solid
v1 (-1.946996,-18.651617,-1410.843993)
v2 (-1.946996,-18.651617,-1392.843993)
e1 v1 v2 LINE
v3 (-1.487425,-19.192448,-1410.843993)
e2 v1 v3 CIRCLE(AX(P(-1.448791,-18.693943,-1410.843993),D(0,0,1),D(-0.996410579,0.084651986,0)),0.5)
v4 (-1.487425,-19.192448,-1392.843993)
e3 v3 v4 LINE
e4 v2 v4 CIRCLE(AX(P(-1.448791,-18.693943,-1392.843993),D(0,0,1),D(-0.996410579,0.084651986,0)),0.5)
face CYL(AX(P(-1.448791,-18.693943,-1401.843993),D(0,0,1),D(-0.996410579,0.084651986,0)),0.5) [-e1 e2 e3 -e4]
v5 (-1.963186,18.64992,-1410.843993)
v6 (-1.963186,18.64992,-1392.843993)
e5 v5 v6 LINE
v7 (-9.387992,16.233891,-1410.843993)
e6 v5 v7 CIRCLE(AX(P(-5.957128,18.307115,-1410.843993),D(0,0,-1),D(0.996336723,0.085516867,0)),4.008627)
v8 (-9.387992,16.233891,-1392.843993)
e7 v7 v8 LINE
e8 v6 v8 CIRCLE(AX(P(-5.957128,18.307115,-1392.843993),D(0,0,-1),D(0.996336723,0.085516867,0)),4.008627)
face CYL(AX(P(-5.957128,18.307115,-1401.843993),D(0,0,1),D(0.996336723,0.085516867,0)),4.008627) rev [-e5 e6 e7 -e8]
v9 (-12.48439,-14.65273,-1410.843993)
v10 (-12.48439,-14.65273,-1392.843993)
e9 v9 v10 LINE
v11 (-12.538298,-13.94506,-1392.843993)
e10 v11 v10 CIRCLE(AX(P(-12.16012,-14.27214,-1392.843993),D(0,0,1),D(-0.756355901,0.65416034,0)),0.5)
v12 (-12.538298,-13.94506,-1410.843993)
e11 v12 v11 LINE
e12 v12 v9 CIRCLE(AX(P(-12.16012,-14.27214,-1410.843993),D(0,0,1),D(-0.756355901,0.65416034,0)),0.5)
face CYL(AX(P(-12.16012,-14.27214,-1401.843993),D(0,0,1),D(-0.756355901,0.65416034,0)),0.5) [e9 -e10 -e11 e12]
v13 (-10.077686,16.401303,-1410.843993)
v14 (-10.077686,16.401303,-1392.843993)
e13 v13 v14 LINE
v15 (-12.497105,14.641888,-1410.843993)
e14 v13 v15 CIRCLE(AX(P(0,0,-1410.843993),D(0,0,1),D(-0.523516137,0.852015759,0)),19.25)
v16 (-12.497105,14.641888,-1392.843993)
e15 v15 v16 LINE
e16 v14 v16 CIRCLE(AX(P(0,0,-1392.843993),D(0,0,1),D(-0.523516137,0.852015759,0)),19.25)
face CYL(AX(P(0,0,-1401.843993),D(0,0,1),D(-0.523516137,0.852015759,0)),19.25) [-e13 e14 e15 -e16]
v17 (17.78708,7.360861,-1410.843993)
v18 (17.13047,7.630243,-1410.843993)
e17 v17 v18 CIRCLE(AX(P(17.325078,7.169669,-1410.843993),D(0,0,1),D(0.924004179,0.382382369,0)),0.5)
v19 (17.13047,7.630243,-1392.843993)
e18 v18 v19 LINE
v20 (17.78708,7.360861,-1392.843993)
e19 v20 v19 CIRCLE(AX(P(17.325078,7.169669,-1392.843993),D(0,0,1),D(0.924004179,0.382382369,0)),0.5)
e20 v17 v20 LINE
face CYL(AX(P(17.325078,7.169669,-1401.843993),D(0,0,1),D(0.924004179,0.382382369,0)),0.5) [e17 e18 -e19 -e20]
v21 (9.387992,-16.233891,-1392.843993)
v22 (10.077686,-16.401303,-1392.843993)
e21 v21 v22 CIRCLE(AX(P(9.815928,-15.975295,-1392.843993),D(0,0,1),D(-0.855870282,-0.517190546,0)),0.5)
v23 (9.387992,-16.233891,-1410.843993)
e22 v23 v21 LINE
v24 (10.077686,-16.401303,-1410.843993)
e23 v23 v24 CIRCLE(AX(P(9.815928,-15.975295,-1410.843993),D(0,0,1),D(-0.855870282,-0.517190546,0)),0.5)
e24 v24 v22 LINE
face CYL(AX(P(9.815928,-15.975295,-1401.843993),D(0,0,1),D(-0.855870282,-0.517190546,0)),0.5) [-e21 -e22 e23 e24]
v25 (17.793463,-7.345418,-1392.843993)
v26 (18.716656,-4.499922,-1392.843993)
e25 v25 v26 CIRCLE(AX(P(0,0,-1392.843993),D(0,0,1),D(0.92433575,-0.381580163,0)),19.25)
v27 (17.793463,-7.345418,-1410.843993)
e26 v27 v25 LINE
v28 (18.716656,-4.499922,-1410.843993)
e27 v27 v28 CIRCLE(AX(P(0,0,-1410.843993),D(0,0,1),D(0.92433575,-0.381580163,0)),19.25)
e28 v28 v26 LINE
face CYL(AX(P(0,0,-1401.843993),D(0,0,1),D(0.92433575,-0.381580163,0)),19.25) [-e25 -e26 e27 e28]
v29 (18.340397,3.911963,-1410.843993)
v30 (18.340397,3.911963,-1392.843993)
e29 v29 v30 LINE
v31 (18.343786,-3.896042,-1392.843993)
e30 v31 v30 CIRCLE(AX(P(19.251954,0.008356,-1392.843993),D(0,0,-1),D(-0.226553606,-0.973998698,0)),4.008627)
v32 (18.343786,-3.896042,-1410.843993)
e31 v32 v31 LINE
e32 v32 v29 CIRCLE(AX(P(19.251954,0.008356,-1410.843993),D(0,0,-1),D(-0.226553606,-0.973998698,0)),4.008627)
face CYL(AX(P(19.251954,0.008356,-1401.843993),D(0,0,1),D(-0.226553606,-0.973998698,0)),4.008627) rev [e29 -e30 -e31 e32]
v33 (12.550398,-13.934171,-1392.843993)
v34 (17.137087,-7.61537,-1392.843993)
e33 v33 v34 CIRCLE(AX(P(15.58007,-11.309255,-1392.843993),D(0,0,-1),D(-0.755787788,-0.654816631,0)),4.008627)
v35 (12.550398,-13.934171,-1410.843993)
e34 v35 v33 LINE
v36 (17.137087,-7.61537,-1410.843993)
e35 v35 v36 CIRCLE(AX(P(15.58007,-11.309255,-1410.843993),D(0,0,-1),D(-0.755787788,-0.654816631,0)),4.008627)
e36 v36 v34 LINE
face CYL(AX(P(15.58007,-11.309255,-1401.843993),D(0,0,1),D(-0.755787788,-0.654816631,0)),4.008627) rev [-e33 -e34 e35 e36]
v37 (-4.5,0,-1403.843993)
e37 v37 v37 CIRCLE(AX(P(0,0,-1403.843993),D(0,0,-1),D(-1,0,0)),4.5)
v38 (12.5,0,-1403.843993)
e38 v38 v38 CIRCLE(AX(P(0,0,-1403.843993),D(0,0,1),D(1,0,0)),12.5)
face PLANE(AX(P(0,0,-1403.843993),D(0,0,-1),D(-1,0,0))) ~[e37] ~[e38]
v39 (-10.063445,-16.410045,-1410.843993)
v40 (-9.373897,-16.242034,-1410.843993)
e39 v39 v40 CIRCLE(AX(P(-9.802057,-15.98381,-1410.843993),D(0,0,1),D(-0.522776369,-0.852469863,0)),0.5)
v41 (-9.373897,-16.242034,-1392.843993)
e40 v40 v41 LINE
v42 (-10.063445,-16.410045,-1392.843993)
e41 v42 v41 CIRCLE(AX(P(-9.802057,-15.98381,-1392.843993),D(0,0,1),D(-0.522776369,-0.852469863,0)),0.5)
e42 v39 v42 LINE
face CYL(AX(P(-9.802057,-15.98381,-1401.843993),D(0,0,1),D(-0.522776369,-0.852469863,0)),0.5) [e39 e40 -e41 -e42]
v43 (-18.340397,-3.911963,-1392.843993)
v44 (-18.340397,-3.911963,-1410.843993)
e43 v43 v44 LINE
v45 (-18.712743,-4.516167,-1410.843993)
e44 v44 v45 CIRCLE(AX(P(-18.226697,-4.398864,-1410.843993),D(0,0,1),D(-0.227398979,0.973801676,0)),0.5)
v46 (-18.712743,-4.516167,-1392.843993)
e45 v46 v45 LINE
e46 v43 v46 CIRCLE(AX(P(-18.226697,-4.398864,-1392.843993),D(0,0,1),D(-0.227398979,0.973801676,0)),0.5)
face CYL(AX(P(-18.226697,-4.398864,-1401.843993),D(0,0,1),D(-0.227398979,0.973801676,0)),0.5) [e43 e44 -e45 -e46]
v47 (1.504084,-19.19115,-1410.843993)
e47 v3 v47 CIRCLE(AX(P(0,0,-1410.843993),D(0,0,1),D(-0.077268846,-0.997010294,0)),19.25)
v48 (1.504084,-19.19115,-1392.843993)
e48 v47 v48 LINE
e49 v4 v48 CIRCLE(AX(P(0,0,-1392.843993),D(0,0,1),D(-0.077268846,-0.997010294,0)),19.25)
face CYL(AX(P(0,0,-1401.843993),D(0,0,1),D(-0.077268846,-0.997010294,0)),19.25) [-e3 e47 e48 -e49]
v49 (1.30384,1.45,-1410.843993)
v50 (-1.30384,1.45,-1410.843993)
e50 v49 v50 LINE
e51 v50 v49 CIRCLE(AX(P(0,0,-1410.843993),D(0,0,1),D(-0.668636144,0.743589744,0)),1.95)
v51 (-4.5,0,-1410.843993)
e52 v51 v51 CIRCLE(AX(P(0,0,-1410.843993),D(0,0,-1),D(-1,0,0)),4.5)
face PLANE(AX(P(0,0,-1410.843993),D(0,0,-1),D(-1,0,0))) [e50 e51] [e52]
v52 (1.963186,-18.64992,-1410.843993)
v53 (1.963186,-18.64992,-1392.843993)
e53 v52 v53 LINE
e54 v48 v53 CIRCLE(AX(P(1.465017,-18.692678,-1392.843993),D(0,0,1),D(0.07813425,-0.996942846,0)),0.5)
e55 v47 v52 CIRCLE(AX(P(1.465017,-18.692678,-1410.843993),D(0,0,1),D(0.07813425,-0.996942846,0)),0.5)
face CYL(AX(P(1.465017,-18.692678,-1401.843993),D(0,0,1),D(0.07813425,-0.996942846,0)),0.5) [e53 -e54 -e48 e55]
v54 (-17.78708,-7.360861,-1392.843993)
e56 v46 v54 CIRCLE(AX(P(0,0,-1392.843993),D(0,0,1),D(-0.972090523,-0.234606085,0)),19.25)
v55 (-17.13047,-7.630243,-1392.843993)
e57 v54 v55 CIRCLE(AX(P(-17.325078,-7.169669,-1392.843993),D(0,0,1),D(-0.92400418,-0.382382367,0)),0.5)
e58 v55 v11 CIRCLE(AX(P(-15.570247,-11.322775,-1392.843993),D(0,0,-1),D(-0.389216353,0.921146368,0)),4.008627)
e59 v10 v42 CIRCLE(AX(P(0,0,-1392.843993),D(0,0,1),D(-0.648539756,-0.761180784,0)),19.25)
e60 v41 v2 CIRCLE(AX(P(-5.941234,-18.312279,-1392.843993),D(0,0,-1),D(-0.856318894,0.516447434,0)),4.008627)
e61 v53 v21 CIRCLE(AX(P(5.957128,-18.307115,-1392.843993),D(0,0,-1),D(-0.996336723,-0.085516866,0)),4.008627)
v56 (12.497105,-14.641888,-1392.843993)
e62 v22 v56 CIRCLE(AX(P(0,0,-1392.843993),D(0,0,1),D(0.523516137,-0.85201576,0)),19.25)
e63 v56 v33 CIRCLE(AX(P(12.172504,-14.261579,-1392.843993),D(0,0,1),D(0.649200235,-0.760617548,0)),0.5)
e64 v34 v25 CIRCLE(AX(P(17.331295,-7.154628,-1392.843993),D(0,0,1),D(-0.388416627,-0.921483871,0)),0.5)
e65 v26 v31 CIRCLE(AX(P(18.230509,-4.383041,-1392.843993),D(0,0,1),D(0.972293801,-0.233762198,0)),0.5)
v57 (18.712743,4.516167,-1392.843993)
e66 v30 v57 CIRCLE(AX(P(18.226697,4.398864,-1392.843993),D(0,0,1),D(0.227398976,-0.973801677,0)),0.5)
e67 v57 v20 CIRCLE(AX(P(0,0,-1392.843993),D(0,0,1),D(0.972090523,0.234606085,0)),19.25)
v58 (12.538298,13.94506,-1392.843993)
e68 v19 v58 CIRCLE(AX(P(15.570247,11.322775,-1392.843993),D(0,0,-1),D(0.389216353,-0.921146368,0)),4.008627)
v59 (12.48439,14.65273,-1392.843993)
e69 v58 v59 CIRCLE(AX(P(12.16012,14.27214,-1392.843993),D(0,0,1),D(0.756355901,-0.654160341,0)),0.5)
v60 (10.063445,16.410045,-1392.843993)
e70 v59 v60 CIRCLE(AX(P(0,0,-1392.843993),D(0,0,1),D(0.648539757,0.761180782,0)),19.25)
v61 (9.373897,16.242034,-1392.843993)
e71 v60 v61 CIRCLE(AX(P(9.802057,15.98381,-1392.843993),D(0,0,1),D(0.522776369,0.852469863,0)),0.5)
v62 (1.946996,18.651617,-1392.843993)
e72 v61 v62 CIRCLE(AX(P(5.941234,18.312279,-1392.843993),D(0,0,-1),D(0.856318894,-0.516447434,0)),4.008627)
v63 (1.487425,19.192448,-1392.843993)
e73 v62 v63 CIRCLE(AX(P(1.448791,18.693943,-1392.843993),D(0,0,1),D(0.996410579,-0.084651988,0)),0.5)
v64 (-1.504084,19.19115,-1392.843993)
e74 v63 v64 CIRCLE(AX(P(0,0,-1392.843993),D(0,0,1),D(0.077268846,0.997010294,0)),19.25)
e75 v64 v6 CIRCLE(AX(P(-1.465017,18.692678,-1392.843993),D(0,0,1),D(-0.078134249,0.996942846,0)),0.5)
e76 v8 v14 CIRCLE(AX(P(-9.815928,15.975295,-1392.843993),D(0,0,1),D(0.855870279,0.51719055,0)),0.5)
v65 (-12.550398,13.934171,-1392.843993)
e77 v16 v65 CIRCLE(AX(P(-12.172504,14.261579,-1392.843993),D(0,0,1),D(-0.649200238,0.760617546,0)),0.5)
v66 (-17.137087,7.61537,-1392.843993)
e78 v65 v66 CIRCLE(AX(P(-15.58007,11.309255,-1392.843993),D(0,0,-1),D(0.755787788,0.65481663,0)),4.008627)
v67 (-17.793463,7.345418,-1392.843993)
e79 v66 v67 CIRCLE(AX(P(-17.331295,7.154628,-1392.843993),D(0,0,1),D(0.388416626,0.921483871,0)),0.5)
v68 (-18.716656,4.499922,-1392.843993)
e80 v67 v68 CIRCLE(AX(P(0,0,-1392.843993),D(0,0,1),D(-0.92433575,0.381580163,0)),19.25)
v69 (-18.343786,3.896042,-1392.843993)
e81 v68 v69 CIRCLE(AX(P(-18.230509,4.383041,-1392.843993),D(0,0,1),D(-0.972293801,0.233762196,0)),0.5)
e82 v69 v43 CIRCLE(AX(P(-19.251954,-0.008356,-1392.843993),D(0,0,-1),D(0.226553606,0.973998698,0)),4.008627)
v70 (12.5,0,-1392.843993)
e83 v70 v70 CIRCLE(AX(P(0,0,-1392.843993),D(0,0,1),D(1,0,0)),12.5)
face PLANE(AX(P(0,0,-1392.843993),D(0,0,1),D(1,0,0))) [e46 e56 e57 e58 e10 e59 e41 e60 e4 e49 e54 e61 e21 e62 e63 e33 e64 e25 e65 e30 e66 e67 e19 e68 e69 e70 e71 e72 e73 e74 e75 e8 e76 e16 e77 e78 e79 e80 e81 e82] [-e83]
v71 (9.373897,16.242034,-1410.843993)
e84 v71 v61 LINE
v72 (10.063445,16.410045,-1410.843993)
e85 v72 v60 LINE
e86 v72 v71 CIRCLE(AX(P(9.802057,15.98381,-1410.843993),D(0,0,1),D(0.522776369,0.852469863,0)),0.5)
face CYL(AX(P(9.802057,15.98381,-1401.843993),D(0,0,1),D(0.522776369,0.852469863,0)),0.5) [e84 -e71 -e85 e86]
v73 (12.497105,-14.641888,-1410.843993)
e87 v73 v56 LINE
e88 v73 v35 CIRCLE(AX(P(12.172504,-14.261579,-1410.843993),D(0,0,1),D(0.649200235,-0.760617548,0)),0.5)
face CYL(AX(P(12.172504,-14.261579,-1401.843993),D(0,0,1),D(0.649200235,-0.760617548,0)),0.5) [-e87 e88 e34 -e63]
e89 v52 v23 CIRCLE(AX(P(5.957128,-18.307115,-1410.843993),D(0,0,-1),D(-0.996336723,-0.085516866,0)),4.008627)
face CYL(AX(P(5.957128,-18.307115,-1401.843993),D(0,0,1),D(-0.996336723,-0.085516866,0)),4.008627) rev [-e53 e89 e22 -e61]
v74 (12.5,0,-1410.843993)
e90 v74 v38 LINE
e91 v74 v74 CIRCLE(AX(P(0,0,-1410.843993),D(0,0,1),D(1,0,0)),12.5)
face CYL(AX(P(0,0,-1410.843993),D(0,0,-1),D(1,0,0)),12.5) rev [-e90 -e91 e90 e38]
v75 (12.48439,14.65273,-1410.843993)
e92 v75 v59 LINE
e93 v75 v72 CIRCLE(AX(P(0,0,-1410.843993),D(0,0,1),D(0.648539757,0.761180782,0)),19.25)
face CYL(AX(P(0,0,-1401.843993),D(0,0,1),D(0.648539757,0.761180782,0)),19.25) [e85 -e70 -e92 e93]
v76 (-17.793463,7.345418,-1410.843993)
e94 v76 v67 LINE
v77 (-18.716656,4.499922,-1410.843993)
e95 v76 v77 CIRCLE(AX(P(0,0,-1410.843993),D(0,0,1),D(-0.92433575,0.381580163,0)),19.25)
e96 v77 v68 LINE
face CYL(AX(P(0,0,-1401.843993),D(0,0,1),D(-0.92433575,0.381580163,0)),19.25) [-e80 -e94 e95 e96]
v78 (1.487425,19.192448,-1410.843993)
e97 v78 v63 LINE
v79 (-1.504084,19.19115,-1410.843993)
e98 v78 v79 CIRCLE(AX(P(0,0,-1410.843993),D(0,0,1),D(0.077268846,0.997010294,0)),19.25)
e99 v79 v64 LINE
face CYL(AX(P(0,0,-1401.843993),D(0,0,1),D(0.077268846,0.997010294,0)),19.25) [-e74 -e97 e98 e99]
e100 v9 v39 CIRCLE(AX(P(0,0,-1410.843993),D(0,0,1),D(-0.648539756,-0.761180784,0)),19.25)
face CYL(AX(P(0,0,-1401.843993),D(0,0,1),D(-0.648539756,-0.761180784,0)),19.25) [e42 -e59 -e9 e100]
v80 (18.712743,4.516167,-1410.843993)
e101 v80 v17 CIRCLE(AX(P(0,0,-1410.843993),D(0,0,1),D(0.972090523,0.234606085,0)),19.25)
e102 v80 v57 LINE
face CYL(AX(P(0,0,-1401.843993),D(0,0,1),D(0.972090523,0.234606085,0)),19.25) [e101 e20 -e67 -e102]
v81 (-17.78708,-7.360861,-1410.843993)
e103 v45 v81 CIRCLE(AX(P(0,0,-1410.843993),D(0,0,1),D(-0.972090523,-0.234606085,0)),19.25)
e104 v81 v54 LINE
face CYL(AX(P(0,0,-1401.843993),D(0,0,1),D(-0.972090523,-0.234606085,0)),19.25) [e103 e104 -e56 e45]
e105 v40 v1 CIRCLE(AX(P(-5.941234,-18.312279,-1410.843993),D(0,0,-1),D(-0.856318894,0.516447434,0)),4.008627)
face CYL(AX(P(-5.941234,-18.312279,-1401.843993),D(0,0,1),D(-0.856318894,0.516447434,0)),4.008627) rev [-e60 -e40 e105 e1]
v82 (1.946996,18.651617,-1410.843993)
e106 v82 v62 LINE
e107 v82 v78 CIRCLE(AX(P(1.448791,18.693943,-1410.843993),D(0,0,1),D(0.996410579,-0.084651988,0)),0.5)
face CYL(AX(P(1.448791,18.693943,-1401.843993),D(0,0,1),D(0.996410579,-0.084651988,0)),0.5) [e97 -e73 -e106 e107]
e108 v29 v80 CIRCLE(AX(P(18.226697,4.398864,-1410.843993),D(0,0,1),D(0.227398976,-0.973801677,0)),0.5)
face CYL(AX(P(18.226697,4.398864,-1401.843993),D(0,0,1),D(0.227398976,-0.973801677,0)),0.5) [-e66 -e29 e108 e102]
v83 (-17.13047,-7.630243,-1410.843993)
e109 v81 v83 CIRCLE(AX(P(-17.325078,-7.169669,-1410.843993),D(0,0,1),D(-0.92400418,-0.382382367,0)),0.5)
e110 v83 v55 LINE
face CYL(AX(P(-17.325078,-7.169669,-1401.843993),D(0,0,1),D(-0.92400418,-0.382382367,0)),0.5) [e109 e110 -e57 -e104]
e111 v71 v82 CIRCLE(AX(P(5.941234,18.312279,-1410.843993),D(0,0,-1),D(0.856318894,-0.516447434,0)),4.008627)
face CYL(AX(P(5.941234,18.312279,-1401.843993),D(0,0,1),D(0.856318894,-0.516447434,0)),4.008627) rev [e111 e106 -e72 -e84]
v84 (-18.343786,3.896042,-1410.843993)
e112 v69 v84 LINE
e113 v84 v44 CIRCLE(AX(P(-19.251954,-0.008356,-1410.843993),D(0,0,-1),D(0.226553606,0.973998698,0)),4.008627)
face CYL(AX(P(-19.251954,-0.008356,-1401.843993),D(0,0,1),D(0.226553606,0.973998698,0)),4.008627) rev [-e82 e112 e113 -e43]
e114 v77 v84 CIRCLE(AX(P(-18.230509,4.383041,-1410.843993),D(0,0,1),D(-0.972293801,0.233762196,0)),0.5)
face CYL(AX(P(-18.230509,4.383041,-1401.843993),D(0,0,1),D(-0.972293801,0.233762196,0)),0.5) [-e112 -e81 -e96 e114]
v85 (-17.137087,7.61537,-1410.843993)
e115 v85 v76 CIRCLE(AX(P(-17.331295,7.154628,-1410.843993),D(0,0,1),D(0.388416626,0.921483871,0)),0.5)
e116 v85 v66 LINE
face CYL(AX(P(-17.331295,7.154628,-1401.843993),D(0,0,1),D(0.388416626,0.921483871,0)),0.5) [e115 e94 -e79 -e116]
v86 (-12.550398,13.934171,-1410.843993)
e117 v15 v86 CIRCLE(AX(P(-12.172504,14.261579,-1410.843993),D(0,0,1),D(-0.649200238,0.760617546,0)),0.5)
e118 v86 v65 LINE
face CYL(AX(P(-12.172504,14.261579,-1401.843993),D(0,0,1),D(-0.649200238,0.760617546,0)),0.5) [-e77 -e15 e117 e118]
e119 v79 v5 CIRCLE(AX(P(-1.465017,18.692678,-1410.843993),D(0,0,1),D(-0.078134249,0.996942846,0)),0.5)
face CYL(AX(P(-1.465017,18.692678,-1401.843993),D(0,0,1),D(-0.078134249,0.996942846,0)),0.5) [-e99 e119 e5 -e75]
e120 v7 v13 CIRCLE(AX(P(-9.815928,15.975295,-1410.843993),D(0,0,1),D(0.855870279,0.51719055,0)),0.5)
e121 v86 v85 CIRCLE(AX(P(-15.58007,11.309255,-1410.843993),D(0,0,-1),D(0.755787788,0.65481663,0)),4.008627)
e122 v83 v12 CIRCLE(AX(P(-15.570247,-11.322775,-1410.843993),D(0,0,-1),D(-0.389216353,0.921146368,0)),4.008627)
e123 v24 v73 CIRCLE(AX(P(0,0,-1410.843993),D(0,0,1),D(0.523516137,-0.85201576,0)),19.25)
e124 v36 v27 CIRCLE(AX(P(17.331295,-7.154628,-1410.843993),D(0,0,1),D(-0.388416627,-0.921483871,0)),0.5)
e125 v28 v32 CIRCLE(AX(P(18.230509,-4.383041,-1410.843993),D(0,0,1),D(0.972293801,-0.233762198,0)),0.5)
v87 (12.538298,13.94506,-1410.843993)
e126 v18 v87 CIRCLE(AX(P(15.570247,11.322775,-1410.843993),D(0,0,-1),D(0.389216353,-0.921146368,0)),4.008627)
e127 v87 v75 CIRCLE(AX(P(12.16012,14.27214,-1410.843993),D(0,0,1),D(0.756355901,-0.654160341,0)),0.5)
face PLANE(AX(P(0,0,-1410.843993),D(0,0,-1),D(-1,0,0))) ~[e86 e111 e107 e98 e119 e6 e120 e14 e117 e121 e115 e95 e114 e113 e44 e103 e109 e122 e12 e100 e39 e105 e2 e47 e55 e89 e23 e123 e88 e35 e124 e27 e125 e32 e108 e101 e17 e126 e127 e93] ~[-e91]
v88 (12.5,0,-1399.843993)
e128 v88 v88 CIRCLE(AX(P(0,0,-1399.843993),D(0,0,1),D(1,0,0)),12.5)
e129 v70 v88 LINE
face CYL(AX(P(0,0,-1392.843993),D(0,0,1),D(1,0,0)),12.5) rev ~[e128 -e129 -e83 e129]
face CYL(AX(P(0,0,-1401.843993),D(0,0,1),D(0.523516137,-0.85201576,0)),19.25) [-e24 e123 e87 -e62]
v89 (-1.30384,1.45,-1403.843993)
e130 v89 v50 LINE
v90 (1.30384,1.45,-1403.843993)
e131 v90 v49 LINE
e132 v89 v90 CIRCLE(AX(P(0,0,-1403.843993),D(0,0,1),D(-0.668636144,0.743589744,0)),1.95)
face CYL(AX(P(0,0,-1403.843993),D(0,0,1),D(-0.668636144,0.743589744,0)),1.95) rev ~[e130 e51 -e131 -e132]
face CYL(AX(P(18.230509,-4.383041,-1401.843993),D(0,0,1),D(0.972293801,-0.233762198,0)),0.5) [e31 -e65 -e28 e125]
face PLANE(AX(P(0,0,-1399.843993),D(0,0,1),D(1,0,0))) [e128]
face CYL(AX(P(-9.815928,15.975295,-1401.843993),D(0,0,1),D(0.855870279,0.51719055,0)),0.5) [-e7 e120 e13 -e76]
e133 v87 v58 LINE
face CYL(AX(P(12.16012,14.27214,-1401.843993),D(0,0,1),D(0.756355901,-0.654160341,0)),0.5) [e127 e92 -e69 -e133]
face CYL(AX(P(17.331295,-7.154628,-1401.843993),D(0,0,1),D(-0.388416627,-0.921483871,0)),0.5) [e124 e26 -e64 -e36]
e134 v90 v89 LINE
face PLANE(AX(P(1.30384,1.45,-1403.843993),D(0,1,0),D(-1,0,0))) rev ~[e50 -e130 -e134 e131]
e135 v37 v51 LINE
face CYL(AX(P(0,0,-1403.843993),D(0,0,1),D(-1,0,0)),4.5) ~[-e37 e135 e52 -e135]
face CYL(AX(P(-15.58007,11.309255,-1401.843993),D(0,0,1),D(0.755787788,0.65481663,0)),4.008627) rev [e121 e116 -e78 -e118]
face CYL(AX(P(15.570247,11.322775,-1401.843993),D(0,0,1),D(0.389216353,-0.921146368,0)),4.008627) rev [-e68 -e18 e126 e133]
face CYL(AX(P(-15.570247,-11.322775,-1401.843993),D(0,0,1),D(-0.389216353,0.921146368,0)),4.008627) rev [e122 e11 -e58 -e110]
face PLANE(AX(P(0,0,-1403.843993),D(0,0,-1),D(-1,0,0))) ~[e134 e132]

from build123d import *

# Parameters (mm, degrees)
SPROKET_DEPTH       = 9
SKETCH3_R           = 12.5
CUT_EXTRUDE1_DEPTH  = 7
SKETCH4_R           = 4.5
BOSS_EXTRUDE1_DEPTH = 7


with BuildPart() as part:
    # Sprocket → Sproket (new body)
    with BuildSketch(Plane(origin=(-521.333895642, -864.335014518, -1401.843992528), x_dir=(1, 0, 0), z_dir=(0, 0, 1))):
        with BuildLine():
            ThreePointArc((502.621153074, 859.818847383), (503.02864119, 858.378492088), (503.546815178, 856.974153932))
            ThreePointArc((503.546815178, 856.974153932), (503.819037022, 856.702761655), (504.203425444, 856.704771932))
            ThreePointArc((504.203425444, 856.704771932), (509.005673001, 855.369858884), (508.795597259, 850.389955006))
            ThreePointArc((508.795597259, 850.389955006), (508.675219652, 850.024896474), (508.849505331, 849.682284445))
            ThreePointArc((508.849505331, 849.682284445), (510.025789743, 848.756528039), (511.270450563, 847.924969632))
            ThreePointArc((511.270450563, 847.924969632), (511.650203039, 847.865416653), (511.959998194, 848.092980848))
            ThreePointArc((511.959998194, 848.092980848), (516.629740281, 849.835703798), (519.386899492, 845.683397507))
            ThreePointArc((519.386899492, 845.683397507), (519.504087984, 845.317302769), (519.846470359, 845.142566367))
            ThreePointArc((519.846470359, 845.142566367), (521.342250401, 845.085016331), (522.837979924, 845.143864722))
            ThreePointArc((522.837979924, 845.143864722), (523.180210493, 845.318898255), (523.297081161, 845.685094579))
            ThreePointArc((523.297081161, 845.685094579), (526.05063502, 849.839792593), (530.721888079, 848.101123761))
            ThreePointArc((530.721888079, 848.101123761), (531.031880649, 847.873828563), (531.411581288, 847.933711155))
            ThreePointArc((531.411581288, 847.933711155), (532.655519825, 848.766349647), (533.831000211, 849.693126751))
            ThreePointArc((533.831000211, 849.693126751), (534.004988429, 850.035889936), (533.884293987, 850.400843839))
            ThreePointArc((533.884293987, 850.400843839), (533.669895633, 855.380563489), (538.470982641, 856.719644514))
            ThreePointArc((538.470982641, 856.719644514), (538.855372663, 856.717967897), (539.127358829, 856.989596368))
            ThreePointArc((539.127358829, 856.989596368), (539.644313618, 858.394383784), (540.050551314, 859.835092247))
            ThreePointArc((540.050551314, 859.835092247), (539.989839594, 860.214661197), (539.677681217, 860.438972694))
            ThreePointArc((539.677681217, 860.438972694), (536.577223534, 864.341630328), (539.674292437, 868.246977772))
            ThreePointArc((539.674292437, 868.246977772), (539.986255988, 868.471560146), (540.046638209, 868.851181652))
            ThreePointArc((540.046638209, 868.851181652), (539.639150093, 870.291536947), (539.120976106, 871.695875104))
            ThreePointArc((539.120976106, 871.695875104), (538.848754261, 871.967267381), (538.464365839, 871.965257104))
            ThreePointArc((538.464365839, 871.965257104), (533.662118282, 873.300170152), (533.872194024, 878.280074029))
            ThreePointArc((533.872194024, 878.280074029), (533.992571631, 878.645132562), (533.818285952, 878.98774459))
            ThreePointArc((533.818285952, 878.98774459), (532.642001541, 879.913500997), (531.39734072, 880.745059403))
            ThreePointArc((531.39734072, 880.745059403), (531.017588244, 880.804612382), (530.70779309, 880.577048188))
            ThreePointArc((530.70779309, 880.577048188), (526.038051002, 878.834325238), (523.280891791, 882.986631528))
            ThreePointArc((523.280891791, 882.986631528), (523.163703299, 883.352726267), (522.821320924, 883.527462669))
            ThreePointArc((522.821320924, 883.527462669), (521.325540883, 883.585012705), (519.829811359, 883.526164313))
            ThreePointArc((519.829811359, 883.526164313), (519.48758079, 883.35113078), (519.370710122, 882.984934457))
            ThreePointArc((519.370710122, 882.984934457), (516.617156263, 878.830236442), (511.945903204, 880.568905275))
            ThreePointArc((511.945903204, 880.568905275), (511.635910634, 880.796200472), (511.256209995, 880.736317881))
            ThreePointArc((511.256209995, 880.736317881), (510.012271459, 879.903679389), (508.836791072, 878.976902284))
            ThreePointArc((508.836791072, 878.976902284), (508.662802855, 878.6341391), (508.783497297, 878.269185196))
            ThreePointArc((508.783497297, 878.269185196), (508.99789565, 873.289465546), (504.196808642, 871.950384521))
            ThreePointArc((504.196808642, 871.950384521), (503.81241862, 871.952061138), (503.540432454, 871.680432668))
            ThreePointArc((503.540432454, 871.680432668), (503.023477665, 870.275645251), (502.617239969, 868.834936788))
            ThreePointArc((502.617239969, 868.834936788), (502.677951689, 868.455367839), (502.990110067, 868.231056341))
            ThreePointArc((502.990110067, 868.231056341), (506.090567749, 864.328398708), (502.993498846, 860.423051264))
            ThreePointArc((502.993498846, 860.423051264), (502.681535295, 860.198468889), (502.621153074, 859.818847383))
        make_face()
    sproket = extrude(amount=SPROKET_DEPTH)

    # Sketch3 → Cut-Extrude1 (cut)
    with BuildSketch(Plane.XY.offset(-1392.843992528)):
        Circle(SKETCH3_R)
    cut_extrude1 = extrude(amount=-CUT_EXTRUDE1_DEPTH, mode=Mode.SUBTRACT)

    # Mirror1: Sproket, Cut-Extrude1 across plane
    add(sproket.mirror(Plane(origin=(9.113348653, 2.199432046, -1401.843992528), x_dir=(1, 0, 0), z_dir=(0, 0, 1))))
    add(cut_extrude1.mirror(Plane(origin=(9.113348653, 2.199432046, -1401.843992528), x_dir=(1, 0, 0), z_dir=(0, 0, 1))), mode=Mode.SUBTRACT)

    # Sketch4 → Boss-Extrude1 (add)
    with BuildSketch(Plane(origin=(0, 0, -1403.843992528), x_dir=(-1, 0, 0), z_dir=(0, 0, -1))):
        Circle(SKETCH4_R)
        with BuildLine():
            Line((-1.303840481, 1.45), (1.303840481, 1.45))
            ThreePointArc((1.303840481, 1.45), (0, -1.95), (-1.303840481, 1.45))
        make_face(mode=Mode.SUBTRACT)
    extrude(amount=BOSS_EXTRUDE1_DEPTH)


solid = part.part
